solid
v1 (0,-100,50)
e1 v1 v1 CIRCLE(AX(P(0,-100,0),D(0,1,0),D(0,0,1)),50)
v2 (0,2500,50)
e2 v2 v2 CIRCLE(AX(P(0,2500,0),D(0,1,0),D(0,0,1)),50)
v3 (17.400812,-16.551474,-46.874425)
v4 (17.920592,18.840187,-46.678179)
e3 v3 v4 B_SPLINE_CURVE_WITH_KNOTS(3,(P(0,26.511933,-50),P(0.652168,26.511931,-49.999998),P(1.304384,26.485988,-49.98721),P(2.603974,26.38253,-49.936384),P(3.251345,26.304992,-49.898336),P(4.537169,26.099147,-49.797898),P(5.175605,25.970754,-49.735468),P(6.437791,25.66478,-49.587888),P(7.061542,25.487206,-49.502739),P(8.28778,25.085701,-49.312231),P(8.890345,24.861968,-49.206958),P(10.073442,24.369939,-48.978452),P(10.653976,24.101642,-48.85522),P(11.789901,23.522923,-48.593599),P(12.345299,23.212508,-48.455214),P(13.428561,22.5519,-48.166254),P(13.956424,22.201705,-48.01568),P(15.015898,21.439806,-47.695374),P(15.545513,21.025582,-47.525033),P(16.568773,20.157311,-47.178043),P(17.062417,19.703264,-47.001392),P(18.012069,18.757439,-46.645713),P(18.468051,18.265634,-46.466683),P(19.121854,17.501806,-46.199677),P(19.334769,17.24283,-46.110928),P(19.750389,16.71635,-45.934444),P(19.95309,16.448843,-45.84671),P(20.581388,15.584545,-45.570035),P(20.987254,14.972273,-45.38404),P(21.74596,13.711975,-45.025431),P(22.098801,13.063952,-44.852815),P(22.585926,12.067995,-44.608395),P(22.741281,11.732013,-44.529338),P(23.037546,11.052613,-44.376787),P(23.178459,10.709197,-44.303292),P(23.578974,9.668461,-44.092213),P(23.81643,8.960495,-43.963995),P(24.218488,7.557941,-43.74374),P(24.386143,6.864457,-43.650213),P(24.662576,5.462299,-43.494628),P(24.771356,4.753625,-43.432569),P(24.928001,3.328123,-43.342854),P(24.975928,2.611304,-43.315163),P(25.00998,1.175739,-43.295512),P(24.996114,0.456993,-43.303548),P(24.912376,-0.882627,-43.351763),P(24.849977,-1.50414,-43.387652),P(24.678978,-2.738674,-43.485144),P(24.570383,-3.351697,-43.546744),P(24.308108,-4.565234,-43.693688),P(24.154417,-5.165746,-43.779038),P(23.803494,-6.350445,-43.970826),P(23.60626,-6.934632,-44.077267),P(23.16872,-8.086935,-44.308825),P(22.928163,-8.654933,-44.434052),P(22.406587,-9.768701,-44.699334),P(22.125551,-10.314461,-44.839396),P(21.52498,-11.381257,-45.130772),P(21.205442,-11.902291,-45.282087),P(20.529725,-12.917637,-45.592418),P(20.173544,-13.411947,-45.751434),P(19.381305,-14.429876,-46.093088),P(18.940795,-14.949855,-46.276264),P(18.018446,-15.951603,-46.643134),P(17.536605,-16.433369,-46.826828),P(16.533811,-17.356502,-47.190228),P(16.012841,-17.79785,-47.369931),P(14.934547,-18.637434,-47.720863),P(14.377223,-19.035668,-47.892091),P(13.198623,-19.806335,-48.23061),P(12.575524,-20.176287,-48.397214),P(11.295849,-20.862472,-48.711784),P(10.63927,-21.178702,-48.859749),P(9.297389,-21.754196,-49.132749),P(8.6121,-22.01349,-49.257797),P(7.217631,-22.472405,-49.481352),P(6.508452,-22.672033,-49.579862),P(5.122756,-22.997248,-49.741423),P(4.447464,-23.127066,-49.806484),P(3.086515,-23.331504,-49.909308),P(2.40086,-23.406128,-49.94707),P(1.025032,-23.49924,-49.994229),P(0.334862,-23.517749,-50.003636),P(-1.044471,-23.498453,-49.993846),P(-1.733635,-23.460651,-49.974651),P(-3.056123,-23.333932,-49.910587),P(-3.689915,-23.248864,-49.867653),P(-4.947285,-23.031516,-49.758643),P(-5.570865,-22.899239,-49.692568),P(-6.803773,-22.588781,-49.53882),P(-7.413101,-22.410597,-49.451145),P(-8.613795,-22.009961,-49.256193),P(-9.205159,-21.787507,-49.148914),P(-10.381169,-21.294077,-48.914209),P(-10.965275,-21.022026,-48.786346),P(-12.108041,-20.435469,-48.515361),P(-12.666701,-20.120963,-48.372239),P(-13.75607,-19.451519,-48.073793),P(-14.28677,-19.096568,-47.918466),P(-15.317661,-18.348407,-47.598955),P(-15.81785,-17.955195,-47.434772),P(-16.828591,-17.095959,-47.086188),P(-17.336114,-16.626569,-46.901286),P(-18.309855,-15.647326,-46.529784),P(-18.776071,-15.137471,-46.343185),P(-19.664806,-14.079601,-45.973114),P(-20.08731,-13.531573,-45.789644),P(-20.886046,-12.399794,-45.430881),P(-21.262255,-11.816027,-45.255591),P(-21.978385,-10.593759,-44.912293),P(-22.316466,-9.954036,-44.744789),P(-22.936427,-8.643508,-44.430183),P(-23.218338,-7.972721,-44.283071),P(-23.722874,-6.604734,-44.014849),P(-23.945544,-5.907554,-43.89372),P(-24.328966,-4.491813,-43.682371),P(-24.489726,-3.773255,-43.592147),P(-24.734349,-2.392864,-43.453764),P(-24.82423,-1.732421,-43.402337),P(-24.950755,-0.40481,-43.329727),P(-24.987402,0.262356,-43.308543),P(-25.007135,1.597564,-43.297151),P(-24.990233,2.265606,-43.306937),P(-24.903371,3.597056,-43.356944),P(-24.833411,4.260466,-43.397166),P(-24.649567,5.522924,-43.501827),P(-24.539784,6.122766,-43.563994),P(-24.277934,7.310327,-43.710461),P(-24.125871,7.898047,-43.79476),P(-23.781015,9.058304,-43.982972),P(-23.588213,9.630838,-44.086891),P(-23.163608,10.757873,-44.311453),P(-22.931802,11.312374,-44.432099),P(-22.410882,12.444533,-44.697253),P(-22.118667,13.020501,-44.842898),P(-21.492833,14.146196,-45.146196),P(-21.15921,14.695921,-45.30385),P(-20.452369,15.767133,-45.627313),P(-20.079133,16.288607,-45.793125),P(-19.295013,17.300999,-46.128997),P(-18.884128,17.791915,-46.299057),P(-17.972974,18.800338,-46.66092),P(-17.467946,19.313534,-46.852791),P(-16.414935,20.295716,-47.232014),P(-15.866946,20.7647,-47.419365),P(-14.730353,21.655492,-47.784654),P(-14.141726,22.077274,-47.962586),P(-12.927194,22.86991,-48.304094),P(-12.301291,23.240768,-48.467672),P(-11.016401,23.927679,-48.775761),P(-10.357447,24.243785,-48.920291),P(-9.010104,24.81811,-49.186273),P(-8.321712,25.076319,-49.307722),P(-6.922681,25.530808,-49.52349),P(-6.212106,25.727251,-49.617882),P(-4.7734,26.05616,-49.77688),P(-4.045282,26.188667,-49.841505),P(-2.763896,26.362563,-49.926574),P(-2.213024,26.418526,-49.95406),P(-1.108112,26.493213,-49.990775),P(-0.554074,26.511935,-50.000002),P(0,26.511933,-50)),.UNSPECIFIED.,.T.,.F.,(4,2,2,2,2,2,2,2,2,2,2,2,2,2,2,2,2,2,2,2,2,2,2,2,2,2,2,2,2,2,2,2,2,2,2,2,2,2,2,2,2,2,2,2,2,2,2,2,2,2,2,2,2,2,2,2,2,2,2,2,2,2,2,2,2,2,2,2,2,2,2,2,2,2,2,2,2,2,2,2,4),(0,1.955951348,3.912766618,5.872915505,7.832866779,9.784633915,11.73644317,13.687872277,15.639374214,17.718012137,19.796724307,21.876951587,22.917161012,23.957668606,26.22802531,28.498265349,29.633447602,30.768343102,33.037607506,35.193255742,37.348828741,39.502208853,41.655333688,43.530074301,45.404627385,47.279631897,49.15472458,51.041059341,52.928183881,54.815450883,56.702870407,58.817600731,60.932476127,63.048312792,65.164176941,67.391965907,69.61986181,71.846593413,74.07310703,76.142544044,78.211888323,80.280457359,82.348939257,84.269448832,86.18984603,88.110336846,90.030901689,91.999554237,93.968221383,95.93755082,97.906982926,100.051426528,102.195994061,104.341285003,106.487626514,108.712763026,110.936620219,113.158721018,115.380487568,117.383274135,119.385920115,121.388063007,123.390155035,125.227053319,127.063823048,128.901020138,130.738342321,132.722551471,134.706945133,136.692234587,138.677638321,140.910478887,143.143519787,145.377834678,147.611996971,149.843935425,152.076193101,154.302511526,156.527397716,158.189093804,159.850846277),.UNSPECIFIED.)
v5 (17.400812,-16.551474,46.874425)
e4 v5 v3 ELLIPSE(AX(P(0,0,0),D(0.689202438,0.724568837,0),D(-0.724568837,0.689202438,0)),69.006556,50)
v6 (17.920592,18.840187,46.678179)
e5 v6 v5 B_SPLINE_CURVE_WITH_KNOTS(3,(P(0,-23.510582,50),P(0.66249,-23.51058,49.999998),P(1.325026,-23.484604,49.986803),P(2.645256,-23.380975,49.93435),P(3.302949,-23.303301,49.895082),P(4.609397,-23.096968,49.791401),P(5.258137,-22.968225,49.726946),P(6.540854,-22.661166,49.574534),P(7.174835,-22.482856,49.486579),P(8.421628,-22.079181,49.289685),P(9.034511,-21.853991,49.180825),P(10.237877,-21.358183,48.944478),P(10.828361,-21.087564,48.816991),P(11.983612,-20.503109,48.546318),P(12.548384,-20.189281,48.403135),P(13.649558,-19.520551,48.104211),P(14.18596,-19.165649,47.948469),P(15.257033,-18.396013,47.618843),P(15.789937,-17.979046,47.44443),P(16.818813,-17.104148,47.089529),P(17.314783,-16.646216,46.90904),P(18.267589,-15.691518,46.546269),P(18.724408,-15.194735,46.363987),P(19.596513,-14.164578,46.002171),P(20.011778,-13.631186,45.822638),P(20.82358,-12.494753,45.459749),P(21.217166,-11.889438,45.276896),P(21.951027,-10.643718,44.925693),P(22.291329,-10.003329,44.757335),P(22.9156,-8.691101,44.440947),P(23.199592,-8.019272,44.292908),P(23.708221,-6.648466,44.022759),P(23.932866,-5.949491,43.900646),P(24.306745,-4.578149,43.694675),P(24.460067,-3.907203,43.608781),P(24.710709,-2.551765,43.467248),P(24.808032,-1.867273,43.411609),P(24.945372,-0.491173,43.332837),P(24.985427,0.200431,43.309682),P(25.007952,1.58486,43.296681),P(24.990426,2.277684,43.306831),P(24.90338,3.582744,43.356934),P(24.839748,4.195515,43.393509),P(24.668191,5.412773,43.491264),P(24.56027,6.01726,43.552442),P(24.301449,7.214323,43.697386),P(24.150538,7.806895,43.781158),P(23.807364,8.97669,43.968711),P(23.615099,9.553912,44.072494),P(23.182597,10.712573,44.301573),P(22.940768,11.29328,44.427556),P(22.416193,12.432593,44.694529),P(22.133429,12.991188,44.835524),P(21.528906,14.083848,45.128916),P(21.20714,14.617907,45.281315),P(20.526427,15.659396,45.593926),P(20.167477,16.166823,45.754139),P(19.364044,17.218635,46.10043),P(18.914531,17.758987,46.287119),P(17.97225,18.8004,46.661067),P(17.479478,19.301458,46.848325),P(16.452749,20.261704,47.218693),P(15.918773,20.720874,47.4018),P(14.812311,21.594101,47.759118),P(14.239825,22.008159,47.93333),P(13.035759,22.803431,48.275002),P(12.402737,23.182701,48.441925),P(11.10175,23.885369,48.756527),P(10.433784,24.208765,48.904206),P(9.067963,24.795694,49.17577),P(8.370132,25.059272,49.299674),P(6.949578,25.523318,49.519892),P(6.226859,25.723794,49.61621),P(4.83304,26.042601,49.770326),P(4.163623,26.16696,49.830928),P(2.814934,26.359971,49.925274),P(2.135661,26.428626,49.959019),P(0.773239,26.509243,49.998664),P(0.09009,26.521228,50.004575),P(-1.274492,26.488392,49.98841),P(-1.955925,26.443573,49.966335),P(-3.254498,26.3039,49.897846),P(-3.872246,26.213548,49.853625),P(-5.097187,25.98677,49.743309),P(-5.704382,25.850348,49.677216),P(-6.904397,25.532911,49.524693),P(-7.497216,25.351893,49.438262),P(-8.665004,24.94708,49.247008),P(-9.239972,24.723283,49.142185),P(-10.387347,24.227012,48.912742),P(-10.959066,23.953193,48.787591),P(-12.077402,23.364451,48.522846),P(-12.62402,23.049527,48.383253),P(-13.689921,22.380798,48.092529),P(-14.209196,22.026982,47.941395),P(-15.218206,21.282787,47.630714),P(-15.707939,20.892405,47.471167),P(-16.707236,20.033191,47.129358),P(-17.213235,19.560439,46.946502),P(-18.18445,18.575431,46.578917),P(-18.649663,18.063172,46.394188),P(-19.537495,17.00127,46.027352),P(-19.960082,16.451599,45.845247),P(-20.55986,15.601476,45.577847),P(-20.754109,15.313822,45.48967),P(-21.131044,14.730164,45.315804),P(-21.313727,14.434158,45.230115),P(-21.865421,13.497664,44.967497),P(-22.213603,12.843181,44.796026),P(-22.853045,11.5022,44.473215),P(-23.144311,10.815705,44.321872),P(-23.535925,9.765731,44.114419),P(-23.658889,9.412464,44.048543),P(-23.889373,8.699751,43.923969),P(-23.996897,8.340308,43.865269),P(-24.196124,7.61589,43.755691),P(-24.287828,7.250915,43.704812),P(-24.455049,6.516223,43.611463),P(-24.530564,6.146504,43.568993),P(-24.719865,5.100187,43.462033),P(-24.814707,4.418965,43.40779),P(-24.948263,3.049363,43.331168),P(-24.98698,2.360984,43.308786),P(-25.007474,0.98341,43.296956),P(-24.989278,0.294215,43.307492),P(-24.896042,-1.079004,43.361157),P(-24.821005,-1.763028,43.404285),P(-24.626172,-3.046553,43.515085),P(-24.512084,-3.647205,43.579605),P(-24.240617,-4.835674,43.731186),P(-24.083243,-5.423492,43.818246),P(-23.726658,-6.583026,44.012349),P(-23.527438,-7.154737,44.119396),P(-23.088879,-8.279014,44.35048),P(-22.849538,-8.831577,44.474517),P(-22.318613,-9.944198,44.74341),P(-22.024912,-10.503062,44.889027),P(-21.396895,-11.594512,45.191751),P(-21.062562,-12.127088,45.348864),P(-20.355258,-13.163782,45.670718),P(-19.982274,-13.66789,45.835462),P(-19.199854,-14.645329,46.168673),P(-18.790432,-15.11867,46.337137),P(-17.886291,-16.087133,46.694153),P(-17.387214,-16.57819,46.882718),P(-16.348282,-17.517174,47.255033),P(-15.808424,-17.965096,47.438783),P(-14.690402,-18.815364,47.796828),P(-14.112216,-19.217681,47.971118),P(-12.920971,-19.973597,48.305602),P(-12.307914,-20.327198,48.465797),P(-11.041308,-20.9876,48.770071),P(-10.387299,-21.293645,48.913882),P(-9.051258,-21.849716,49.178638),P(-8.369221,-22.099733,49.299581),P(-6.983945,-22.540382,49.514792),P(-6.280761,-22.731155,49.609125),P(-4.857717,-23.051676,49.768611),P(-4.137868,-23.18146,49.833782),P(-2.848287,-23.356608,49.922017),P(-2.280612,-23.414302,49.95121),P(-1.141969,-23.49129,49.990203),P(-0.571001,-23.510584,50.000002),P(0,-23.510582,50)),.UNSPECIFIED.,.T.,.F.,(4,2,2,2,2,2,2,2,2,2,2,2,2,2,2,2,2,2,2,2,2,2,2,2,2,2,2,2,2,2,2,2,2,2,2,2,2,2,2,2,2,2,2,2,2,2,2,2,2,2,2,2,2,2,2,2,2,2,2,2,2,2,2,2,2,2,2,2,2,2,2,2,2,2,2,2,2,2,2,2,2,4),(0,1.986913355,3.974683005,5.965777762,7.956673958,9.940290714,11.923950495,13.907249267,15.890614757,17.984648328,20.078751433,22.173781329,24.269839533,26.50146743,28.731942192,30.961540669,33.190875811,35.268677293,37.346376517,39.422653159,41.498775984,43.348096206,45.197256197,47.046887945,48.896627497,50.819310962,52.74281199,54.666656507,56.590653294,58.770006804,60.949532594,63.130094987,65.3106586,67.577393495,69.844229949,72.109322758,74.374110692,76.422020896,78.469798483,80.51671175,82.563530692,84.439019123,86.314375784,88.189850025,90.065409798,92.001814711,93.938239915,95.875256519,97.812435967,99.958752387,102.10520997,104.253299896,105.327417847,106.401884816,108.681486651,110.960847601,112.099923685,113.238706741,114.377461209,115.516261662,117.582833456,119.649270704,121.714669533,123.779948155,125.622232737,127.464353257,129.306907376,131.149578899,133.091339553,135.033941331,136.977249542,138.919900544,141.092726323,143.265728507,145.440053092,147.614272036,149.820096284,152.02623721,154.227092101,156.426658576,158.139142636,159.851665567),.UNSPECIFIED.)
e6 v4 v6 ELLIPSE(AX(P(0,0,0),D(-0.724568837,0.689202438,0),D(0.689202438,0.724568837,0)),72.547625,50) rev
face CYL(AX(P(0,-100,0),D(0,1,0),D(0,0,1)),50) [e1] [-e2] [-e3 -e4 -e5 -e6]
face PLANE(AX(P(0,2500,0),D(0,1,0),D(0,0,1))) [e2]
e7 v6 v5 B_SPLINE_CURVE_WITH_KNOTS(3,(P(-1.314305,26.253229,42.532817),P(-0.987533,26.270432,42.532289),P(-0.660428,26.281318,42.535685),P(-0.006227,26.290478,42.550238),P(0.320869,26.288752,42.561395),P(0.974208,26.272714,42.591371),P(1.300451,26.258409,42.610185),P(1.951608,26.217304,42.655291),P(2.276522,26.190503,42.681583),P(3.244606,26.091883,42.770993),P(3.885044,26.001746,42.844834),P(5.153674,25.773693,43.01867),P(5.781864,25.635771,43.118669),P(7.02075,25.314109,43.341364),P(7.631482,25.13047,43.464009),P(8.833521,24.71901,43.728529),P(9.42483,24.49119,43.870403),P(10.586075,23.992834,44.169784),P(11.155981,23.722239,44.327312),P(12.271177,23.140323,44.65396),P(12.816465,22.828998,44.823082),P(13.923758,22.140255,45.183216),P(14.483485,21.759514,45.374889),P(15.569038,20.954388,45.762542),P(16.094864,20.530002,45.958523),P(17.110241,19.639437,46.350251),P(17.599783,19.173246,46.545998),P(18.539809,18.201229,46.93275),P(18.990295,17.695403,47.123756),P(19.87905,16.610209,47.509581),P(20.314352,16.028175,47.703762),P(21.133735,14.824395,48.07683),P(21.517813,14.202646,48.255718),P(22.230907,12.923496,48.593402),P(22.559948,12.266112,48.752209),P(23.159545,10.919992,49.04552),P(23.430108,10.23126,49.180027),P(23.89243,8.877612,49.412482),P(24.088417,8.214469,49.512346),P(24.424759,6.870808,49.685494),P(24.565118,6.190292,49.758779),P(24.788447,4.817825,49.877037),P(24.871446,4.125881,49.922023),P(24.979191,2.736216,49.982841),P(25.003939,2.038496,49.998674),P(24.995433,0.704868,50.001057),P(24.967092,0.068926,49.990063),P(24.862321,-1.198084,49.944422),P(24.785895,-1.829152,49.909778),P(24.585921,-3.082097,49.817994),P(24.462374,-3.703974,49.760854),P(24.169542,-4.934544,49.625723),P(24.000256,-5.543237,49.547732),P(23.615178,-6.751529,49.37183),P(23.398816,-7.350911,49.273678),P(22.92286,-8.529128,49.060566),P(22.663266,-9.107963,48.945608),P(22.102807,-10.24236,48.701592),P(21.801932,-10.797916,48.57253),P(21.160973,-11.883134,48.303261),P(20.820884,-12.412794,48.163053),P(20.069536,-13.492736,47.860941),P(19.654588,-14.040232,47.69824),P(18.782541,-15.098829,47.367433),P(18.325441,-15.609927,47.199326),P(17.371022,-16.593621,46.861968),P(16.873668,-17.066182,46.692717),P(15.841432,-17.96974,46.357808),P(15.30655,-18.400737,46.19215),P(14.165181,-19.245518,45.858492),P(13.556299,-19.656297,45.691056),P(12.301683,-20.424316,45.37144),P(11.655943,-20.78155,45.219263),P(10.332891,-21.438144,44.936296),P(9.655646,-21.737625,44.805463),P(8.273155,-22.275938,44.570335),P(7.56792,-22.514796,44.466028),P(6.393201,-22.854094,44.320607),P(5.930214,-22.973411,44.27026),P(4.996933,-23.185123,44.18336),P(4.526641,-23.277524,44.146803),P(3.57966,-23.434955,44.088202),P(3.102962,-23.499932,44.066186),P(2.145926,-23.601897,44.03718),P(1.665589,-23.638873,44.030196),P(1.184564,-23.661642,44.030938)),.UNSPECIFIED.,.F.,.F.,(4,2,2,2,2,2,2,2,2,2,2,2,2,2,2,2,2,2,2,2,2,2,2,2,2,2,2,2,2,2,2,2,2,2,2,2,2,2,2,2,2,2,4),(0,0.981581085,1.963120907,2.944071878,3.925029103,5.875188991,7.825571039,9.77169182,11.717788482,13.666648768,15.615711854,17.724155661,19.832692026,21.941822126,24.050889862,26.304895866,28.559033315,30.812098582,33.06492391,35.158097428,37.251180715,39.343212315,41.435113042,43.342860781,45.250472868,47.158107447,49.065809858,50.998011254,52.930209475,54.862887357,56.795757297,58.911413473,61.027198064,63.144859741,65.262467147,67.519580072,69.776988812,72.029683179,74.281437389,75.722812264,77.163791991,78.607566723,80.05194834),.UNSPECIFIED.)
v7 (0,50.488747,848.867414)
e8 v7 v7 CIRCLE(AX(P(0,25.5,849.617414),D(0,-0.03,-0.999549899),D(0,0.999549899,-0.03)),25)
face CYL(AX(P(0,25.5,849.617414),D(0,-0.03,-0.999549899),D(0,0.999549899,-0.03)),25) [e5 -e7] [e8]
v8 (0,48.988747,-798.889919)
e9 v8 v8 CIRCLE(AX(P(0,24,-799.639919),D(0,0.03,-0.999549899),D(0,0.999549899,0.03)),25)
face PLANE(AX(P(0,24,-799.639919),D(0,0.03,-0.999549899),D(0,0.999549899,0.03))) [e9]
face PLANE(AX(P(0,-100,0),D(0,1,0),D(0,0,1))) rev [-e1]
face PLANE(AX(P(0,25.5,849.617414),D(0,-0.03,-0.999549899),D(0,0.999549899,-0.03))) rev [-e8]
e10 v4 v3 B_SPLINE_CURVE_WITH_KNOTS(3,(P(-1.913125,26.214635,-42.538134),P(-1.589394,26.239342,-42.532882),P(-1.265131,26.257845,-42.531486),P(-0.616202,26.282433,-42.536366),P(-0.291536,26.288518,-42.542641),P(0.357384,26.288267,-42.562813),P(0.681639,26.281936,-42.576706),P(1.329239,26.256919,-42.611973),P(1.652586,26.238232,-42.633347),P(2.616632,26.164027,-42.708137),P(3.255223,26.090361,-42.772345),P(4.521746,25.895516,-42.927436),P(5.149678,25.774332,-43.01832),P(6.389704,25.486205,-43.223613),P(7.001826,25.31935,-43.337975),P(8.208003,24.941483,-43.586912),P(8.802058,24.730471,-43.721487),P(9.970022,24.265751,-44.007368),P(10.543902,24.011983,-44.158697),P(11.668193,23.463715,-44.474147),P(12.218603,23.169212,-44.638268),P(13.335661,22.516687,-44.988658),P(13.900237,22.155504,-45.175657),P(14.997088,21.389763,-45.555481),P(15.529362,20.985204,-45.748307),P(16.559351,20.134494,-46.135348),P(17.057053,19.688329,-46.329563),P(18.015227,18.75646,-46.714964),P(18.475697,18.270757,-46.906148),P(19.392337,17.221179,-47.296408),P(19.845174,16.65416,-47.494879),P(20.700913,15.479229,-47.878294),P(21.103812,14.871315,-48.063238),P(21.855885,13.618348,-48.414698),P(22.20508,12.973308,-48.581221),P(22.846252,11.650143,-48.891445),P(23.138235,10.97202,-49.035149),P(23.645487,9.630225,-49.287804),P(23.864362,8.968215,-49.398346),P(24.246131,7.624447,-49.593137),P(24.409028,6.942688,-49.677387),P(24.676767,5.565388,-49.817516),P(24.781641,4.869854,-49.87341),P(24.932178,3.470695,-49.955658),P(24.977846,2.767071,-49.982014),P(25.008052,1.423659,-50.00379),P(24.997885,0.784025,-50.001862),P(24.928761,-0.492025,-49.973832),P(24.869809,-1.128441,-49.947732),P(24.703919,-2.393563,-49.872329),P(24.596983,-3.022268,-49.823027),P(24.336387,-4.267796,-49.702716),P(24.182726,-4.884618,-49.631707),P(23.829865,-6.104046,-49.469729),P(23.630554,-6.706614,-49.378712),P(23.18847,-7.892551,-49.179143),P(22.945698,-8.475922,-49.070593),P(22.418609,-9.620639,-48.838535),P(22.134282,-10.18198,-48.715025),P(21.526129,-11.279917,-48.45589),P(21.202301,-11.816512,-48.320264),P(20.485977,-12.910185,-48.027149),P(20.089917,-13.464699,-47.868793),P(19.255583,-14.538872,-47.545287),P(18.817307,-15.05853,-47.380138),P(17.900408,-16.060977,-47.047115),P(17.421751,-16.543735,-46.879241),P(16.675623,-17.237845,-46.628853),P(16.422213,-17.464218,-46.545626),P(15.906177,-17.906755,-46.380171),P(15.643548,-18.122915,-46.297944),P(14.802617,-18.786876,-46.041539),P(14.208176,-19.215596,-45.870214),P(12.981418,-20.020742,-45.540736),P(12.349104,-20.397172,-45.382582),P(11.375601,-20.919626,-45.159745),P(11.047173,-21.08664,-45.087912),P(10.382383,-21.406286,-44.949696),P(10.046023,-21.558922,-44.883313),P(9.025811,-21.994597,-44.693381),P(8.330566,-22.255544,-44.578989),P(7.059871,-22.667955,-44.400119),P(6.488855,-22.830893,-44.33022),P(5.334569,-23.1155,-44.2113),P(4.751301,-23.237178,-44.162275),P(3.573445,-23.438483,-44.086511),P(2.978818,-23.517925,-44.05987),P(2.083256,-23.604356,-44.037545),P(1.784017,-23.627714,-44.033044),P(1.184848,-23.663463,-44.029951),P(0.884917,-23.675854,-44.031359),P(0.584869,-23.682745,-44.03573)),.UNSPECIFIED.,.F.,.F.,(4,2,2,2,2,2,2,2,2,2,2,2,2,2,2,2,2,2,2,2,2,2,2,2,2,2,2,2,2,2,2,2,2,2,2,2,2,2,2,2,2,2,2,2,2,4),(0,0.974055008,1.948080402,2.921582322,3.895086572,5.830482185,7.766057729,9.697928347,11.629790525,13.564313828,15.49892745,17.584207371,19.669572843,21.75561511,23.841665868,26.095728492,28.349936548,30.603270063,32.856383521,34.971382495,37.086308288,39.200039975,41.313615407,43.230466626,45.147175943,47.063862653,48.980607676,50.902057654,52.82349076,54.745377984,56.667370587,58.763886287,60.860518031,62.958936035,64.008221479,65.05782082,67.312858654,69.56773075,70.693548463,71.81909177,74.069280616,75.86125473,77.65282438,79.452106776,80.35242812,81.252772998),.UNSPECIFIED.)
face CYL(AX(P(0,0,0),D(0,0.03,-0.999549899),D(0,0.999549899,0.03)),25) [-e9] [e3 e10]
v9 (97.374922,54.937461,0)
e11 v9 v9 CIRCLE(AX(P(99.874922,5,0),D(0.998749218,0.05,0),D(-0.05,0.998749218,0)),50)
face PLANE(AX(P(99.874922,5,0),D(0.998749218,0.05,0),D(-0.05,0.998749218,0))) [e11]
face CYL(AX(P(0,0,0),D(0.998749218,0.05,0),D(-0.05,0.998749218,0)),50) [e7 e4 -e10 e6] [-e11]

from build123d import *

# Parameters (mm, degrees)
SWEEP_100_PROFILE_R = 50
SWEEP_515_PROFILE_R = 25
SWEEP_585_PROFILE_R = 25
SWEEP_641_PROFILE_R = 50


with BuildPart() as part:
    # труба 100: sweep along a curve in space
    with BuildLine() as sweep_100_path:
        Line((0, -100, 0), (0, 2500, 0))
    # труба 100 profile (on start of the path) → труба 100 (sweep)
    with BuildSketch(Plane.ZX.offset(-100)):
        Circle(SWEEP_100_PROFILE_R)
    sweep(path=sweep_100_path.line)

    # Sweep 515: sweep along a curve in space
    with BuildLine() as sweep_515_path:
        Line((0, 25.5, 849.617413899), (0, 0, 0))
    # Sweep 515 profile (on start of the path) → Sweep 515 (sweep)
    with BuildSketch(Plane(origin=(0, 25.5, 849.617413899), x_dir=(0, -0.9995498987044119, 0.030000000000000002), z_dir=(0, -0.030000000000000002, -0.9995498987044119))):
        Circle(SWEEP_515_PROFILE_R)
    sweep(path=sweep_515_path.line)



with BuildPart() as body_2:
    # Sweep 585: sweep along a curve in space
    with BuildLine() as sweep_585_path:
        Line((0, 0, 0), (0, 24, -799.639918964))
    # Sweep 585 profile (on start of the path) → Sweep 585 (sweep)
    with BuildSketch(Plane(origin=(0, 0, 0), x_dir=(0, -0.9995498987044119, -0.03), z_dir=(0, 0.03, -0.9995498987044119))):
        Circle(SWEEP_585_PROFILE_R)
    sweep(path=sweep_585_path.line)


with BuildPart() as part_1:
    add(part.part)

    add(body_2.part)  # Sweep 641 merges body 2
    # Sweep 641: sweep along a curve in space
    with BuildLine() as sweep_641_path:
        Line((0, 0, 0), (99.874921777, 5, 0))
    # Sweep 641 profile (on start of the path) → Sweep 641 (sweep)
    with BuildSketch(Plane(origin=(0, 0, 0), x_dir=(-0.04999999999999999, 0.998749217771909, 0), z_dir=(0.998749217771909, 0.04999999999999999, 0))):
        Circle(SWEEP_641_PROFILE_R)
    sweep(path=sweep_641_path.line)


solid = part_1.part
